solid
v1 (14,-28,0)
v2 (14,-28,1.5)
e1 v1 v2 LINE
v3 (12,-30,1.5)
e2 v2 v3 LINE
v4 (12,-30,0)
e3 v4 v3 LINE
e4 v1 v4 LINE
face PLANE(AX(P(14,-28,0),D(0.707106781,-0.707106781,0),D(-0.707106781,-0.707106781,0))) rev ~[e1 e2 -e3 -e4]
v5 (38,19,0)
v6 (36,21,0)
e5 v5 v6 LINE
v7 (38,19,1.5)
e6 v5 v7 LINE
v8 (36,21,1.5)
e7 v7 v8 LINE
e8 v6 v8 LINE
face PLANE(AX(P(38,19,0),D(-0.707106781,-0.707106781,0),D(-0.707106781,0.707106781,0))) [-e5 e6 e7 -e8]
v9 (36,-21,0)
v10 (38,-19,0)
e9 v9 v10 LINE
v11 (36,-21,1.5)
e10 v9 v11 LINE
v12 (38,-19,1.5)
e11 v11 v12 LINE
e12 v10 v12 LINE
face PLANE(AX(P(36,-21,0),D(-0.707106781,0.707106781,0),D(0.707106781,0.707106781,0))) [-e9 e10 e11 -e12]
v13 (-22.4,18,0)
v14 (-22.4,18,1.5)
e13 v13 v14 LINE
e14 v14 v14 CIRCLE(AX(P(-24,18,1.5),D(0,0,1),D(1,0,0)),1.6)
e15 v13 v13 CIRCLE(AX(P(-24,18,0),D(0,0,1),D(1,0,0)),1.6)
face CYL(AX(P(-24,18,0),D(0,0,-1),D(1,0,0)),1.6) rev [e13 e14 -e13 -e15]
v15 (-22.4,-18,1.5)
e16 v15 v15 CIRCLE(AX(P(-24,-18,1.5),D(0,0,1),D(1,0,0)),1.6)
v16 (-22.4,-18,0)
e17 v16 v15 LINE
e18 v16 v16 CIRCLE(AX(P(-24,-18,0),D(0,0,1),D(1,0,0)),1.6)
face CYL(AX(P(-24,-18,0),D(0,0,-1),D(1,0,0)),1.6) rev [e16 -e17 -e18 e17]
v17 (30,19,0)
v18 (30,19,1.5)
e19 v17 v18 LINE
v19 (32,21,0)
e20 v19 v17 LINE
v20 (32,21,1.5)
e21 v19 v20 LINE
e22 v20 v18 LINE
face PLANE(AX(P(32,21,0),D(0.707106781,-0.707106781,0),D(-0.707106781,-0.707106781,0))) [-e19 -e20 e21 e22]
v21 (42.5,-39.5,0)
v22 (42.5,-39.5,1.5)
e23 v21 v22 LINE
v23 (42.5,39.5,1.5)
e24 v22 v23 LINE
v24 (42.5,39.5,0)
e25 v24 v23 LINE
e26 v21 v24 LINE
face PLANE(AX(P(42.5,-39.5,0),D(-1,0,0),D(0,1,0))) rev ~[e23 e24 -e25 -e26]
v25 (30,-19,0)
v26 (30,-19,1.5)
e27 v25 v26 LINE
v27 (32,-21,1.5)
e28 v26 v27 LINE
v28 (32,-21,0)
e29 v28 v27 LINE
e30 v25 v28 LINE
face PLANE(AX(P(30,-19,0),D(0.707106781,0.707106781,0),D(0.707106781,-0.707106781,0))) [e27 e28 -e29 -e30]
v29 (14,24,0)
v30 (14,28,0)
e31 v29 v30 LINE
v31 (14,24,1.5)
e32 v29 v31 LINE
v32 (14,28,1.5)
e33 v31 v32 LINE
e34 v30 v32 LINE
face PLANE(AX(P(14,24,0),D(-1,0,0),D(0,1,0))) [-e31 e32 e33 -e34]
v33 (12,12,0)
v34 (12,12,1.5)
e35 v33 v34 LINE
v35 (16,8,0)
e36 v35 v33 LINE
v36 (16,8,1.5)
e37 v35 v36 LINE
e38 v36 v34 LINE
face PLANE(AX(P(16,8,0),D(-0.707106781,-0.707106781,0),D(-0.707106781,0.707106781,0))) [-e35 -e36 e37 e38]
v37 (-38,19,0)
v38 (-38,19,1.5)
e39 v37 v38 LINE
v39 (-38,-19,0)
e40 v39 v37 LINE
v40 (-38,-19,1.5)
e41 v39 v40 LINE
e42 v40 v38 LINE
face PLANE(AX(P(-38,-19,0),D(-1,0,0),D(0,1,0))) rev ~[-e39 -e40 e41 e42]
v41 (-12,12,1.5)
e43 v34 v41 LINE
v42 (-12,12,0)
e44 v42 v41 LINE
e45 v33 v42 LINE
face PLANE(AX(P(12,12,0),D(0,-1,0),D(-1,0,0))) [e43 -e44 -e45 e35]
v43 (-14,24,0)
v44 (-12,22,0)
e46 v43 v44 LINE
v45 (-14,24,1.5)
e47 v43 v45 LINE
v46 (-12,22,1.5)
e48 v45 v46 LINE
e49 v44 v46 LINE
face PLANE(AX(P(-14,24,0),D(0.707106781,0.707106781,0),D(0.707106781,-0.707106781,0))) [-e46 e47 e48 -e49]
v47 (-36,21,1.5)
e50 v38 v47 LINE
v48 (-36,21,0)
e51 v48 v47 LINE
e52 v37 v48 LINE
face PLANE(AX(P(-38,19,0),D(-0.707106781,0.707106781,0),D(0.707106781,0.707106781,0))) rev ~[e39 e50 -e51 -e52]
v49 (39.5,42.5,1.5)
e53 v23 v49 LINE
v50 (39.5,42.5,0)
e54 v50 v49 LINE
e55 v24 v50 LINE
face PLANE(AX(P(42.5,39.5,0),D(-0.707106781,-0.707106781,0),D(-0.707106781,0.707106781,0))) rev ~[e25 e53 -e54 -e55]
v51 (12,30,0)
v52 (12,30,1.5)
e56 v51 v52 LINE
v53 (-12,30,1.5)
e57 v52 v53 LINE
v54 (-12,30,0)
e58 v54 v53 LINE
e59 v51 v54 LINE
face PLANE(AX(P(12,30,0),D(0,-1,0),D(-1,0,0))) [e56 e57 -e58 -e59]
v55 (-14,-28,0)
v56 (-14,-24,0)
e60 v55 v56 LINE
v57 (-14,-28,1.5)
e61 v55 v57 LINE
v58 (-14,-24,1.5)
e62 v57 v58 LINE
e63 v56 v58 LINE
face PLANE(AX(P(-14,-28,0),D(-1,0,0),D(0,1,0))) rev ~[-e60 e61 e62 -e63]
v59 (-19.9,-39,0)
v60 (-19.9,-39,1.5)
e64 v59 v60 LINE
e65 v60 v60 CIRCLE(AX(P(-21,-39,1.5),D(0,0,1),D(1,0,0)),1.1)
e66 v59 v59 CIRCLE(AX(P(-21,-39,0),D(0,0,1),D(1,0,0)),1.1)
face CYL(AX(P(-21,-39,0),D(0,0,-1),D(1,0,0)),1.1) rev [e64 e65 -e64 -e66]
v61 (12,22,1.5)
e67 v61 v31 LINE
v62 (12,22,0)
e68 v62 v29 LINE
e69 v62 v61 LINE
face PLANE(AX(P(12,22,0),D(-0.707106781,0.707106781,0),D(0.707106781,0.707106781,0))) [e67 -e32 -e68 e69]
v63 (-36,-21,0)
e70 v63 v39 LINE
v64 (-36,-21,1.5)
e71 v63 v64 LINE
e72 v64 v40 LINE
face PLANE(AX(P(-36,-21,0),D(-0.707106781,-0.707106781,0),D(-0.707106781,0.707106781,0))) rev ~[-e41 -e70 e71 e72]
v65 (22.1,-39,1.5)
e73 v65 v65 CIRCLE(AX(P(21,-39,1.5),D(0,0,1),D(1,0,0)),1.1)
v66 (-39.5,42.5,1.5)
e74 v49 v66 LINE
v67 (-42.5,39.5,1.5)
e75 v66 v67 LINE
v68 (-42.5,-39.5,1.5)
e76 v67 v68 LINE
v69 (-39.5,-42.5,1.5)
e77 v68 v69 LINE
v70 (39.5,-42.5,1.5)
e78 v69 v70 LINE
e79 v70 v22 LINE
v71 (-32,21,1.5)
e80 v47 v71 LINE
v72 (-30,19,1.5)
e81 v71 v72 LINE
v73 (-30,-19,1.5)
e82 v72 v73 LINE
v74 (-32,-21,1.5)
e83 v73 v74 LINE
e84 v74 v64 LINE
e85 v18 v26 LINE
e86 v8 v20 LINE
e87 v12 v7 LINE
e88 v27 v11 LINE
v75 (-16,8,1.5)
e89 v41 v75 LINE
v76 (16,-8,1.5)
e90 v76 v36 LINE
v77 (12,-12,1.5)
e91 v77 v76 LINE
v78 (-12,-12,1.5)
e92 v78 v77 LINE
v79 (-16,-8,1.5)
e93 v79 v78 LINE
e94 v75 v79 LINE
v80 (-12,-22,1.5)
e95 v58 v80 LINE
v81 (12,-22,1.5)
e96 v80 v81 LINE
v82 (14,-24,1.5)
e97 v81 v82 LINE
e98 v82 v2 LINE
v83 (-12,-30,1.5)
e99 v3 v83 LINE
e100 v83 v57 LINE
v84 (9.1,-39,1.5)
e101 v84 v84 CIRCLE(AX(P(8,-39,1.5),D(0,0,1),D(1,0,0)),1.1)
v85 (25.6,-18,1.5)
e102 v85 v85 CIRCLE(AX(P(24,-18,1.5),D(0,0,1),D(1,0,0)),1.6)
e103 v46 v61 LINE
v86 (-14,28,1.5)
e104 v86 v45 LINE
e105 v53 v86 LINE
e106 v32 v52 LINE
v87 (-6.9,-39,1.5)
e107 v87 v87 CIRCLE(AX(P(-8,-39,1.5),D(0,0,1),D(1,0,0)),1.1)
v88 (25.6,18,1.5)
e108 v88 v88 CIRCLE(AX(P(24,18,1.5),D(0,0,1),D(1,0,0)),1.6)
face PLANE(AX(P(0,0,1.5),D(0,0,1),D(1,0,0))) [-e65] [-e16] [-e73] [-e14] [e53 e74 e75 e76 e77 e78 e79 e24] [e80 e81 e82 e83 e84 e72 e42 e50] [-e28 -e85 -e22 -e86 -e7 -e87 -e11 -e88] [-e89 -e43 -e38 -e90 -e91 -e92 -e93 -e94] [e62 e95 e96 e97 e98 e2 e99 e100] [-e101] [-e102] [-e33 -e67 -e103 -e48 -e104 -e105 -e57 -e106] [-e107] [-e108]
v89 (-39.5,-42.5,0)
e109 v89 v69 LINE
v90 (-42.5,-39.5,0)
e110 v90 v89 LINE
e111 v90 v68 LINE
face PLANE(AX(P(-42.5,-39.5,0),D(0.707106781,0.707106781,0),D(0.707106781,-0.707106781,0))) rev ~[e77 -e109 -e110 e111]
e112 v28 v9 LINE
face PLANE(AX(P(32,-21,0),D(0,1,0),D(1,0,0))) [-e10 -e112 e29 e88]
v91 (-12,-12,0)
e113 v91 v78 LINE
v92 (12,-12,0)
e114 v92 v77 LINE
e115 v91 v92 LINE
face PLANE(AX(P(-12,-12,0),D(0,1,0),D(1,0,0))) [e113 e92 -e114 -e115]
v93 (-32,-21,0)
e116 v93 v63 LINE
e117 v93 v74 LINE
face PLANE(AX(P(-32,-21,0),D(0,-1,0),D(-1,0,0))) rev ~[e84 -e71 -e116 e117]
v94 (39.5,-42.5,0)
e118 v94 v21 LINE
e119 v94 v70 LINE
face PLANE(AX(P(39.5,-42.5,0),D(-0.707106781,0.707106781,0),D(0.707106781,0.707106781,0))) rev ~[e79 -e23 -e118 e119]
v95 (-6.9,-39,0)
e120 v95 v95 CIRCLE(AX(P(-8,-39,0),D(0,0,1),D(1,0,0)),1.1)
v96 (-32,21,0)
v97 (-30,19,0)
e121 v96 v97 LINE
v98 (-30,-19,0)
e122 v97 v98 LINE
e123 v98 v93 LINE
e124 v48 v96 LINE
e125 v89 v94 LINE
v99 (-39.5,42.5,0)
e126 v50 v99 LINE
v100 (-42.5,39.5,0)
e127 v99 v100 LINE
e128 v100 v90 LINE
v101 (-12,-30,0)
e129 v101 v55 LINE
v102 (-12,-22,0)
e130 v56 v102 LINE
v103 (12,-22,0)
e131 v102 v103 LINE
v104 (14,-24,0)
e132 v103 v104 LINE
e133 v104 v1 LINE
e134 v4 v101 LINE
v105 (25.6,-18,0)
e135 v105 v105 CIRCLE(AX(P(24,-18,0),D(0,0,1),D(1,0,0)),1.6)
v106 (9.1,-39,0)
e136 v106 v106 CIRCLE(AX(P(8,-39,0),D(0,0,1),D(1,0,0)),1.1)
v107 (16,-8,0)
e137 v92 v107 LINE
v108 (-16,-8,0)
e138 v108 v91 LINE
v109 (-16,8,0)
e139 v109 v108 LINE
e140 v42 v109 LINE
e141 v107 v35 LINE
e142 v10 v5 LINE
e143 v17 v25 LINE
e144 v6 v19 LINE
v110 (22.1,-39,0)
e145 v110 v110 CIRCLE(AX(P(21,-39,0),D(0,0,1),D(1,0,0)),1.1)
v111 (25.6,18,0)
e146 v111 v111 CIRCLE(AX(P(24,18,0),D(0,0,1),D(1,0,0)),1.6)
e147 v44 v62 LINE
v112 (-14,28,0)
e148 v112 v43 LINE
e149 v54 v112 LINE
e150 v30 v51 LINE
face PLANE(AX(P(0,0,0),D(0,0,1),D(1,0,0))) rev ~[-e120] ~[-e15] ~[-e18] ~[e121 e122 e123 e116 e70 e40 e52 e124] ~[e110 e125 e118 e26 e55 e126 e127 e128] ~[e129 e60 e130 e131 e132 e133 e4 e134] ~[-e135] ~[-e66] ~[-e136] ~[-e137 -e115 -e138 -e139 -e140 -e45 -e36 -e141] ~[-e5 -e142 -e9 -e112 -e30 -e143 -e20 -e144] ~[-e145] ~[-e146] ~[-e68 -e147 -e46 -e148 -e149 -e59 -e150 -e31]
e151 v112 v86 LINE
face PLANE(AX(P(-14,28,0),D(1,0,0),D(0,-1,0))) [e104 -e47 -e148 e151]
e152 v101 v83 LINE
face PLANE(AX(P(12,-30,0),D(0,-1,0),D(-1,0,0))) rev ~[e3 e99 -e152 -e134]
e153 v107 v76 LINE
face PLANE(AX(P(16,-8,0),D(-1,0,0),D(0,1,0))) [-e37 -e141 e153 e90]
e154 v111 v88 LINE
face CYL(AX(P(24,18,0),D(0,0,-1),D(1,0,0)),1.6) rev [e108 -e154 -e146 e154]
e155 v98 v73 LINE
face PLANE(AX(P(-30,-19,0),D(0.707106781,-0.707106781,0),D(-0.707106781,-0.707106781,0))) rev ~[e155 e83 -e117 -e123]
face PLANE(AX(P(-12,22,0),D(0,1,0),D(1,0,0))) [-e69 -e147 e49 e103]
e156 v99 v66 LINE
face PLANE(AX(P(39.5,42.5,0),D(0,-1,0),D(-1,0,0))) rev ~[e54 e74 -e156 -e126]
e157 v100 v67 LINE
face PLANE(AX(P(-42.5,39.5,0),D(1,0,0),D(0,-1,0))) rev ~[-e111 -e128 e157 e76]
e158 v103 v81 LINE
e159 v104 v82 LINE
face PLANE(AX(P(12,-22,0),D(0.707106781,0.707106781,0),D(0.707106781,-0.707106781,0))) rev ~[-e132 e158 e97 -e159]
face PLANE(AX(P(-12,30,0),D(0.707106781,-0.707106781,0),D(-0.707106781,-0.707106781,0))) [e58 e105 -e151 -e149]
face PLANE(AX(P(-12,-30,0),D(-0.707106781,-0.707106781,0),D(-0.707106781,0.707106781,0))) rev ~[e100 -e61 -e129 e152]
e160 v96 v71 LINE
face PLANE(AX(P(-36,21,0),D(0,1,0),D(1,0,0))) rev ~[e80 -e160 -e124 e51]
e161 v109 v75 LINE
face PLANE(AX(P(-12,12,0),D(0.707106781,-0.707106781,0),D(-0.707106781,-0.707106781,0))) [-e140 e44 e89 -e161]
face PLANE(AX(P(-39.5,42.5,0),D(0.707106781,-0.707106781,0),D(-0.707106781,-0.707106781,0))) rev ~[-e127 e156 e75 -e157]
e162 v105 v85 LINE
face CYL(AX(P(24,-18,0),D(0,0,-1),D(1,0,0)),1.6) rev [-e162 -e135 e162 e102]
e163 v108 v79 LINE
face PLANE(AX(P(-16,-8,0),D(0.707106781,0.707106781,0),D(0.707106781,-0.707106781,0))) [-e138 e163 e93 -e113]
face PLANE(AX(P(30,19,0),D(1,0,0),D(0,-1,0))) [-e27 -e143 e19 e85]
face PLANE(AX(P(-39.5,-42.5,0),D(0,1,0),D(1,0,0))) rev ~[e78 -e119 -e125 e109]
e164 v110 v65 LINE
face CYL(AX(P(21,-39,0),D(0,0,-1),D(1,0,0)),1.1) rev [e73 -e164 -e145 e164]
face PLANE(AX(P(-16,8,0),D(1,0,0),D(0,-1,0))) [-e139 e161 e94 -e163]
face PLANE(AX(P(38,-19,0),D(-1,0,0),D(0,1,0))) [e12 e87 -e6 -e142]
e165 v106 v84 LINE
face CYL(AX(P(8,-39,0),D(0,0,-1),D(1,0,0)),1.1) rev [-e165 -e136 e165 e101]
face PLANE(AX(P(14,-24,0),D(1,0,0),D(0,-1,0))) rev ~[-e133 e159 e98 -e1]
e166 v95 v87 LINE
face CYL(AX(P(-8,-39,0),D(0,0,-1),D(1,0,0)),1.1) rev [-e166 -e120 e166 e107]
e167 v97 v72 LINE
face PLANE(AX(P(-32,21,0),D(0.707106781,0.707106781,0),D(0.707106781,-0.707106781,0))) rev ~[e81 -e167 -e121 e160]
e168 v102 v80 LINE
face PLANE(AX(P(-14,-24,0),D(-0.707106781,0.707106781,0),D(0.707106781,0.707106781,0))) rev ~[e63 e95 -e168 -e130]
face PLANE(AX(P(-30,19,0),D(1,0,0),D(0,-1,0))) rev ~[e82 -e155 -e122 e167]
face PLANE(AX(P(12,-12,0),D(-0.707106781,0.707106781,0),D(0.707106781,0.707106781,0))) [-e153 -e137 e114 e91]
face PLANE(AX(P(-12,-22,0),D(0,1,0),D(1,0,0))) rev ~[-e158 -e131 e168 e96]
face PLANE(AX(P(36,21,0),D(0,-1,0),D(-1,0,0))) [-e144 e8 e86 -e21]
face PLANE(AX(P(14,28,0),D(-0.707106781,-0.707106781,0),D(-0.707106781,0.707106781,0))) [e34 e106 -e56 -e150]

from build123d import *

# Parameters (mm, degrees)
SKETCH_1_R            = 1.6
SKETCH_1_R_2          = 1.1
F_85_1P5MM_DEPTH      = 1.5
CUT_EXTRUDE_384_DEPTH = 1.5


with BuildPart() as part:
    # 草图1 → 85方雷达盖板_1p5mm (new body)
    with BuildSketch(Plane.XY):
        Polygon((-42.5, -39.5), (-39.5, -42.5), (39.5, -42.5), (42.5, -39.5), (42.5, 39.5), (39.5, 42.5), (-39.5, 42.5), (-42.5, 39.5), align=None)
        with Locations((-24, -18)):
            Circle(SKETCH_1_R, mode=Mode.SUBTRACT)
        with Locations((-24, 18)):
            Circle(SKETCH_1_R, mode=Mode.SUBTRACT)
        with Locations((24, -18)):
            Circle(SKETCH_1_R, mode=Mode.SUBTRACT)
        with Locations((24, 18)):
            Circle(SKETCH_1_R, mode=Mode.SUBTRACT)
        with Locations((-21, -39)):
            Circle(SKETCH_1_R_2, mode=Mode.SUBTRACT)
        with Locations((-8, -39)):
            Circle(SKETCH_1_R_2, mode=Mode.SUBTRACT)
        with Locations((8, -39)):
            Circle(SKETCH_1_R_2, mode=Mode.SUBTRACT)
        with Locations((21, -39)):
            Circle(SKETCH_1_R_2, mode=Mode.SUBTRACT)
    extrude(amount=F_85_1P5MM_DEPTH)

    # 草图4 → Cut-Extrude 384 (cut)
    with BuildSketch(Plane.XY):
        Polygon((-12, -12), (12, -12), (16, -8), (16, 8), (12, 12), (-12, 12), (-16, 8), (-16, -8), align=None)
        Polygon((-32, -21), (-36, -21), (-38, -19), (-38, 19), (-36, 21), (-32, 21), (-30, 19), (-30, -19), align=None)
        Polygon((32, -21), (36, -21), (38, -19), (38, 19), (36, 21), (32, 21), (30, 19), (30, -19), align=None)
        Polygon((-12, -22), (12, -22), (14, -24), (14, -28), (12, -30), (-12, -30), (-14, -28), (-14, -24), align=None)
        Polygon((-12, 22), (12, 22), (14, 24), (14, 28), (12, 30), (-12, 30), (-14, 28), (-14, 24), align=None)
    extrude(amount=CUT_EXTRUDE_384_DEPTH, mode=Mode.SUBTRACT)


solid = part.part
